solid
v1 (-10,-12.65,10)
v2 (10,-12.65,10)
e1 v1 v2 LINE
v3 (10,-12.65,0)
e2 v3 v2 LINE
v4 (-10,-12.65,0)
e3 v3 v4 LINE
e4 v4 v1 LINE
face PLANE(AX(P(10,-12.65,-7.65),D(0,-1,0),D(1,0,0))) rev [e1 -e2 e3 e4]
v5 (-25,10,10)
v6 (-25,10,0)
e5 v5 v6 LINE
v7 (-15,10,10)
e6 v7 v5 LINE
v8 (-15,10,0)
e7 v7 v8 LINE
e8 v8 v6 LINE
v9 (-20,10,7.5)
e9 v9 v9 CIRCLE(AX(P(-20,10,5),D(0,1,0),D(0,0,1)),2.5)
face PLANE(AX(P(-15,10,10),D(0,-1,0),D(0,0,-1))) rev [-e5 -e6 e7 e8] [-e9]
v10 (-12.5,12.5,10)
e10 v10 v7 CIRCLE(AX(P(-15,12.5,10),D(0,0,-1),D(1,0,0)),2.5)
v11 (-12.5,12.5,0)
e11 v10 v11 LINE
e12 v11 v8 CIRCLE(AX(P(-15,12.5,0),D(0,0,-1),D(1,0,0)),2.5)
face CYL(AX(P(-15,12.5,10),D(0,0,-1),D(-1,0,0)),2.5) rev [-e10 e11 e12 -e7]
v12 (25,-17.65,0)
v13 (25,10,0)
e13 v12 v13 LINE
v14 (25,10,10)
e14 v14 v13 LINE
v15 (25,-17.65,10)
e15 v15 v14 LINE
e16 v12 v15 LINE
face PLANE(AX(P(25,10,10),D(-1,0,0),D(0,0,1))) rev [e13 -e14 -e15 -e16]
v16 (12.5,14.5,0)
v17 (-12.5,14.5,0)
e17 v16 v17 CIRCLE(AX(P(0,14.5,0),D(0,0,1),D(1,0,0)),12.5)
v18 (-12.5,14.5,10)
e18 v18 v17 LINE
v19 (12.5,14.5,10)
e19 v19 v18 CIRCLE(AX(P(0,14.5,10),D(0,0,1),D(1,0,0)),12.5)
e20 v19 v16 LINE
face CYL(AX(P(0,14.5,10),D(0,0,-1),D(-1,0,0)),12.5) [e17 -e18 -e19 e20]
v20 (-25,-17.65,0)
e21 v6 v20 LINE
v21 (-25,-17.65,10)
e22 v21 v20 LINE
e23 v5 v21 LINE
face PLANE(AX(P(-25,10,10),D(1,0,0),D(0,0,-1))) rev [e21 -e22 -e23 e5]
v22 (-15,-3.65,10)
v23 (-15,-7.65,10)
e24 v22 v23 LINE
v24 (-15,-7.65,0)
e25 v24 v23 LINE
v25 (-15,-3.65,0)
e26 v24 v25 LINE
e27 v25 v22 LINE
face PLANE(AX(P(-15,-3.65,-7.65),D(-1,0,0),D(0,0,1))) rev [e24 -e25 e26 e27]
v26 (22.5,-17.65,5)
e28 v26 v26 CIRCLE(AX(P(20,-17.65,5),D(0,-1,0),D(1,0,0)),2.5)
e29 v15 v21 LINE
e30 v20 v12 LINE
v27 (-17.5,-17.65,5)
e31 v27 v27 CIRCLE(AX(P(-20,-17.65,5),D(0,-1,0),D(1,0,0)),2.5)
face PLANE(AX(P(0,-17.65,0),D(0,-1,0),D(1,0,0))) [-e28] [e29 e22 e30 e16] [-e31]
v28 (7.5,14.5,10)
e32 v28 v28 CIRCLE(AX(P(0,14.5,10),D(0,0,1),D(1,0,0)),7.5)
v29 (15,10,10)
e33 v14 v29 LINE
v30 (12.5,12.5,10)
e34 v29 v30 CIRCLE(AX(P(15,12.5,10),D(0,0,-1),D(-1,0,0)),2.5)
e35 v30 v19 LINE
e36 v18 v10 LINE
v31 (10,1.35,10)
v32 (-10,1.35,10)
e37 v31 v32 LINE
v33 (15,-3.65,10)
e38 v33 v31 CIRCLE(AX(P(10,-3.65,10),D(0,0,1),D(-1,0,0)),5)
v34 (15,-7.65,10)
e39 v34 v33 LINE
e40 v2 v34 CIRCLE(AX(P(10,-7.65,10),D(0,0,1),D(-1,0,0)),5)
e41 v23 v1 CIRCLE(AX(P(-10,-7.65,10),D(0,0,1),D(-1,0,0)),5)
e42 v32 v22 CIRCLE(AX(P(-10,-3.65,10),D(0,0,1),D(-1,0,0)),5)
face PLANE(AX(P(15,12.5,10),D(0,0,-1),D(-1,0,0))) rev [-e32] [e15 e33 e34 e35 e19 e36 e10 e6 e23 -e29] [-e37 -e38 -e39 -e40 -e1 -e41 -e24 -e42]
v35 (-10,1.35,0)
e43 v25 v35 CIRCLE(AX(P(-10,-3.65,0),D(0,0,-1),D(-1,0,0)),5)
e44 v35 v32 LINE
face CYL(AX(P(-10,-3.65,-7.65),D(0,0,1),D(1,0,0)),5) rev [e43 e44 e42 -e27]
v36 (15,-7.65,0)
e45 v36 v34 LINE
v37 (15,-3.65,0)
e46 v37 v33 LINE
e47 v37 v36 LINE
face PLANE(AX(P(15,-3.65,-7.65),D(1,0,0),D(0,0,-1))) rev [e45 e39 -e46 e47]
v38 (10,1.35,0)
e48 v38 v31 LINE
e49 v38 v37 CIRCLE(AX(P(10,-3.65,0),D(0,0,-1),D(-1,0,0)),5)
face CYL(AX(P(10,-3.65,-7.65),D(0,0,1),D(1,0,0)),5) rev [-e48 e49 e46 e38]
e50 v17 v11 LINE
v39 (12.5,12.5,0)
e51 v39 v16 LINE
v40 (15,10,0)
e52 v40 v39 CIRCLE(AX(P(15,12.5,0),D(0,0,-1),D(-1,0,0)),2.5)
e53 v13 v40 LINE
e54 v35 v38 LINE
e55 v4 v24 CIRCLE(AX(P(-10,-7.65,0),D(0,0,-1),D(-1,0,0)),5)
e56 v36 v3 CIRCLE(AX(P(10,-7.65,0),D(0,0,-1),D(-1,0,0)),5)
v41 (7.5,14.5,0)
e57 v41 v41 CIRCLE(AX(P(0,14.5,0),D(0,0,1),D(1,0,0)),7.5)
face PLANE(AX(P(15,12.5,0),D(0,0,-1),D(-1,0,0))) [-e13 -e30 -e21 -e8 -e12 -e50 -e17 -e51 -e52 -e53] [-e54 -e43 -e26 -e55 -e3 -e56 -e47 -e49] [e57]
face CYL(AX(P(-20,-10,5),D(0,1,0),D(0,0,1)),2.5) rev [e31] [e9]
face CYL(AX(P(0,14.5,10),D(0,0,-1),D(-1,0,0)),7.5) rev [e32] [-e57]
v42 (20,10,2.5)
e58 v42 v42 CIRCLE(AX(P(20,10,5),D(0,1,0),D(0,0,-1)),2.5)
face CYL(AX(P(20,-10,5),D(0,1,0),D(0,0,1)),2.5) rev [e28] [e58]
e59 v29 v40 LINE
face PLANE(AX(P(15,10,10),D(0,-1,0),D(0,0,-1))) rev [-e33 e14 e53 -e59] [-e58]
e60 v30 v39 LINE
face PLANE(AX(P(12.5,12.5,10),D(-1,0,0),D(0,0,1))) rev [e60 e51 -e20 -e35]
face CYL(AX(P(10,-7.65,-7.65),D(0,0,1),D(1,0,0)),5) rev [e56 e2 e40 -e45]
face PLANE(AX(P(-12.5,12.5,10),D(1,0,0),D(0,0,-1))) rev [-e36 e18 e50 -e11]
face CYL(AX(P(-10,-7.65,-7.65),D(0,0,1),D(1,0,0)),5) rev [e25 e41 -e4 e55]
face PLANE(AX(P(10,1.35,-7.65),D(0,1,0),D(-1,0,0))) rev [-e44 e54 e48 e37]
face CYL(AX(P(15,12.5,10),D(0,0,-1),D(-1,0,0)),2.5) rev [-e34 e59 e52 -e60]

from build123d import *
from build123d.topology import SkipClean

# Parameters (mm, degrees)
SKETCH1_R           = 7.5
BOSS_EXTRUDE1_DEPTH = 10
SKETCH4_R           = 2.5
CUT_EXTRUDE1_DEPTH  = 20
SKETCH5_W           = 50
SKETCH5_H           = 10
SKETCH5_R           = 2.5
BOSS_EXTRUDE2_DEPTH = 17.65
CUT_EXTRUDE3_DEPTH  = 17.65


with BuildPart() as part:
    # Sketch1 → Boss-Extrude1 (new body)
    with BuildSketch(Plane.XY):
        with BuildLine():
            Line((0, 0), (-25, 0))
            Line((-25, 0), (-25, 10))
            Line((-25, 10), (-15, 10))
            ThreePointArc((-15, 10), (-13.232233047, 10.732233047), (-12.5, 12.5))
            Line((-12.5, 12.5), (-12.5, 14.5))
            ThreePointArc((-12.5, 14.5), (0, 27), (12.5, 14.5))
            Line((12.5, 14.5), (12.5, 12.5))
            ThreePointArc((12.5, 12.5), (13.232233047, 10.732233047), (15, 10))
            Line((15, 10), (25, 10))
            Line((25, 10), (25, 0))
            Line((25, 0), (0, 0))
        make_face()
        with Locations((0, 14.5)):
            Circle(SKETCH1_R, mode=Mode.SUBTRACT)
    extrude(amount=BOSS_EXTRUDE1_DEPTH)

    # Sketch4 → Cut-Extrude1 (cut)
    with BuildSketch(Plane(origin=(0, 10, 0), x_dir=(1, 0, 0), z_dir=(0, 1, 0))):
        with Locations(Location((-20, -5, 0), (0, 0, 270))):
            Circle(SKETCH4_R)
        with Locations(Location((20, -5, 0), (0, 0, 180))):
            Circle(SKETCH4_R)
    extrude(amount=-CUT_EXTRUDE1_DEPTH, mode=Mode.SUBTRACT)

    # Sketch5 → Boss-Extrude2 (add)
    with SkipClean():  # the faces are left unmerged after this step: merging them gives an invalid solid
        with BuildSketch(Plane.XZ):
            with Locations((0, 5)):
                Rectangle(SKETCH5_W, SKETCH5_H)
            with Locations(Location((-20, 5, 0), (0, 0, 90))):
                Circle(SKETCH5_R, mode=Mode.SUBTRACT)
            with Locations((20, 5)):
                Circle(SKETCH5_R, mode=Mode.SUBTRACT)
        extrude(amount=BOSS_EXTRUDE2_DEPTH)

    # Sketch6 → Cut-Extrude3 (cut)
    with SkipClean():  # the faces are left unmerged after this step: merging them gives an invalid solid
        with BuildSketch(Plane.XY.offset(10)):
            with BuildLine():
                Line((10, 1.35), (-10, 1.35))
                ThreePointArc((-10, 1.35), (-13.535533906, -0.114466094), (-15, -3.65))
                Line((-15, -3.65), (-15, -7.65))
                ThreePointArc((-15, -7.65), (-13.535533906, -11.185533906), (-10, -12.65))
                Line((-10, -12.65), (10, -12.65))
                ThreePointArc((10, -12.65), (13.535533906, -11.185533906), (15, -7.65))
                Line((15, -7.65), (15, -3.65))
                ThreePointArc((15, -3.65), (13.535533906, -0.114466094), (10, 1.35))
            make_face()
        extrude(amount=-CUT_EXTRUDE3_DEPTH, mode=Mode.SUBTRACT)


solid = part.part
